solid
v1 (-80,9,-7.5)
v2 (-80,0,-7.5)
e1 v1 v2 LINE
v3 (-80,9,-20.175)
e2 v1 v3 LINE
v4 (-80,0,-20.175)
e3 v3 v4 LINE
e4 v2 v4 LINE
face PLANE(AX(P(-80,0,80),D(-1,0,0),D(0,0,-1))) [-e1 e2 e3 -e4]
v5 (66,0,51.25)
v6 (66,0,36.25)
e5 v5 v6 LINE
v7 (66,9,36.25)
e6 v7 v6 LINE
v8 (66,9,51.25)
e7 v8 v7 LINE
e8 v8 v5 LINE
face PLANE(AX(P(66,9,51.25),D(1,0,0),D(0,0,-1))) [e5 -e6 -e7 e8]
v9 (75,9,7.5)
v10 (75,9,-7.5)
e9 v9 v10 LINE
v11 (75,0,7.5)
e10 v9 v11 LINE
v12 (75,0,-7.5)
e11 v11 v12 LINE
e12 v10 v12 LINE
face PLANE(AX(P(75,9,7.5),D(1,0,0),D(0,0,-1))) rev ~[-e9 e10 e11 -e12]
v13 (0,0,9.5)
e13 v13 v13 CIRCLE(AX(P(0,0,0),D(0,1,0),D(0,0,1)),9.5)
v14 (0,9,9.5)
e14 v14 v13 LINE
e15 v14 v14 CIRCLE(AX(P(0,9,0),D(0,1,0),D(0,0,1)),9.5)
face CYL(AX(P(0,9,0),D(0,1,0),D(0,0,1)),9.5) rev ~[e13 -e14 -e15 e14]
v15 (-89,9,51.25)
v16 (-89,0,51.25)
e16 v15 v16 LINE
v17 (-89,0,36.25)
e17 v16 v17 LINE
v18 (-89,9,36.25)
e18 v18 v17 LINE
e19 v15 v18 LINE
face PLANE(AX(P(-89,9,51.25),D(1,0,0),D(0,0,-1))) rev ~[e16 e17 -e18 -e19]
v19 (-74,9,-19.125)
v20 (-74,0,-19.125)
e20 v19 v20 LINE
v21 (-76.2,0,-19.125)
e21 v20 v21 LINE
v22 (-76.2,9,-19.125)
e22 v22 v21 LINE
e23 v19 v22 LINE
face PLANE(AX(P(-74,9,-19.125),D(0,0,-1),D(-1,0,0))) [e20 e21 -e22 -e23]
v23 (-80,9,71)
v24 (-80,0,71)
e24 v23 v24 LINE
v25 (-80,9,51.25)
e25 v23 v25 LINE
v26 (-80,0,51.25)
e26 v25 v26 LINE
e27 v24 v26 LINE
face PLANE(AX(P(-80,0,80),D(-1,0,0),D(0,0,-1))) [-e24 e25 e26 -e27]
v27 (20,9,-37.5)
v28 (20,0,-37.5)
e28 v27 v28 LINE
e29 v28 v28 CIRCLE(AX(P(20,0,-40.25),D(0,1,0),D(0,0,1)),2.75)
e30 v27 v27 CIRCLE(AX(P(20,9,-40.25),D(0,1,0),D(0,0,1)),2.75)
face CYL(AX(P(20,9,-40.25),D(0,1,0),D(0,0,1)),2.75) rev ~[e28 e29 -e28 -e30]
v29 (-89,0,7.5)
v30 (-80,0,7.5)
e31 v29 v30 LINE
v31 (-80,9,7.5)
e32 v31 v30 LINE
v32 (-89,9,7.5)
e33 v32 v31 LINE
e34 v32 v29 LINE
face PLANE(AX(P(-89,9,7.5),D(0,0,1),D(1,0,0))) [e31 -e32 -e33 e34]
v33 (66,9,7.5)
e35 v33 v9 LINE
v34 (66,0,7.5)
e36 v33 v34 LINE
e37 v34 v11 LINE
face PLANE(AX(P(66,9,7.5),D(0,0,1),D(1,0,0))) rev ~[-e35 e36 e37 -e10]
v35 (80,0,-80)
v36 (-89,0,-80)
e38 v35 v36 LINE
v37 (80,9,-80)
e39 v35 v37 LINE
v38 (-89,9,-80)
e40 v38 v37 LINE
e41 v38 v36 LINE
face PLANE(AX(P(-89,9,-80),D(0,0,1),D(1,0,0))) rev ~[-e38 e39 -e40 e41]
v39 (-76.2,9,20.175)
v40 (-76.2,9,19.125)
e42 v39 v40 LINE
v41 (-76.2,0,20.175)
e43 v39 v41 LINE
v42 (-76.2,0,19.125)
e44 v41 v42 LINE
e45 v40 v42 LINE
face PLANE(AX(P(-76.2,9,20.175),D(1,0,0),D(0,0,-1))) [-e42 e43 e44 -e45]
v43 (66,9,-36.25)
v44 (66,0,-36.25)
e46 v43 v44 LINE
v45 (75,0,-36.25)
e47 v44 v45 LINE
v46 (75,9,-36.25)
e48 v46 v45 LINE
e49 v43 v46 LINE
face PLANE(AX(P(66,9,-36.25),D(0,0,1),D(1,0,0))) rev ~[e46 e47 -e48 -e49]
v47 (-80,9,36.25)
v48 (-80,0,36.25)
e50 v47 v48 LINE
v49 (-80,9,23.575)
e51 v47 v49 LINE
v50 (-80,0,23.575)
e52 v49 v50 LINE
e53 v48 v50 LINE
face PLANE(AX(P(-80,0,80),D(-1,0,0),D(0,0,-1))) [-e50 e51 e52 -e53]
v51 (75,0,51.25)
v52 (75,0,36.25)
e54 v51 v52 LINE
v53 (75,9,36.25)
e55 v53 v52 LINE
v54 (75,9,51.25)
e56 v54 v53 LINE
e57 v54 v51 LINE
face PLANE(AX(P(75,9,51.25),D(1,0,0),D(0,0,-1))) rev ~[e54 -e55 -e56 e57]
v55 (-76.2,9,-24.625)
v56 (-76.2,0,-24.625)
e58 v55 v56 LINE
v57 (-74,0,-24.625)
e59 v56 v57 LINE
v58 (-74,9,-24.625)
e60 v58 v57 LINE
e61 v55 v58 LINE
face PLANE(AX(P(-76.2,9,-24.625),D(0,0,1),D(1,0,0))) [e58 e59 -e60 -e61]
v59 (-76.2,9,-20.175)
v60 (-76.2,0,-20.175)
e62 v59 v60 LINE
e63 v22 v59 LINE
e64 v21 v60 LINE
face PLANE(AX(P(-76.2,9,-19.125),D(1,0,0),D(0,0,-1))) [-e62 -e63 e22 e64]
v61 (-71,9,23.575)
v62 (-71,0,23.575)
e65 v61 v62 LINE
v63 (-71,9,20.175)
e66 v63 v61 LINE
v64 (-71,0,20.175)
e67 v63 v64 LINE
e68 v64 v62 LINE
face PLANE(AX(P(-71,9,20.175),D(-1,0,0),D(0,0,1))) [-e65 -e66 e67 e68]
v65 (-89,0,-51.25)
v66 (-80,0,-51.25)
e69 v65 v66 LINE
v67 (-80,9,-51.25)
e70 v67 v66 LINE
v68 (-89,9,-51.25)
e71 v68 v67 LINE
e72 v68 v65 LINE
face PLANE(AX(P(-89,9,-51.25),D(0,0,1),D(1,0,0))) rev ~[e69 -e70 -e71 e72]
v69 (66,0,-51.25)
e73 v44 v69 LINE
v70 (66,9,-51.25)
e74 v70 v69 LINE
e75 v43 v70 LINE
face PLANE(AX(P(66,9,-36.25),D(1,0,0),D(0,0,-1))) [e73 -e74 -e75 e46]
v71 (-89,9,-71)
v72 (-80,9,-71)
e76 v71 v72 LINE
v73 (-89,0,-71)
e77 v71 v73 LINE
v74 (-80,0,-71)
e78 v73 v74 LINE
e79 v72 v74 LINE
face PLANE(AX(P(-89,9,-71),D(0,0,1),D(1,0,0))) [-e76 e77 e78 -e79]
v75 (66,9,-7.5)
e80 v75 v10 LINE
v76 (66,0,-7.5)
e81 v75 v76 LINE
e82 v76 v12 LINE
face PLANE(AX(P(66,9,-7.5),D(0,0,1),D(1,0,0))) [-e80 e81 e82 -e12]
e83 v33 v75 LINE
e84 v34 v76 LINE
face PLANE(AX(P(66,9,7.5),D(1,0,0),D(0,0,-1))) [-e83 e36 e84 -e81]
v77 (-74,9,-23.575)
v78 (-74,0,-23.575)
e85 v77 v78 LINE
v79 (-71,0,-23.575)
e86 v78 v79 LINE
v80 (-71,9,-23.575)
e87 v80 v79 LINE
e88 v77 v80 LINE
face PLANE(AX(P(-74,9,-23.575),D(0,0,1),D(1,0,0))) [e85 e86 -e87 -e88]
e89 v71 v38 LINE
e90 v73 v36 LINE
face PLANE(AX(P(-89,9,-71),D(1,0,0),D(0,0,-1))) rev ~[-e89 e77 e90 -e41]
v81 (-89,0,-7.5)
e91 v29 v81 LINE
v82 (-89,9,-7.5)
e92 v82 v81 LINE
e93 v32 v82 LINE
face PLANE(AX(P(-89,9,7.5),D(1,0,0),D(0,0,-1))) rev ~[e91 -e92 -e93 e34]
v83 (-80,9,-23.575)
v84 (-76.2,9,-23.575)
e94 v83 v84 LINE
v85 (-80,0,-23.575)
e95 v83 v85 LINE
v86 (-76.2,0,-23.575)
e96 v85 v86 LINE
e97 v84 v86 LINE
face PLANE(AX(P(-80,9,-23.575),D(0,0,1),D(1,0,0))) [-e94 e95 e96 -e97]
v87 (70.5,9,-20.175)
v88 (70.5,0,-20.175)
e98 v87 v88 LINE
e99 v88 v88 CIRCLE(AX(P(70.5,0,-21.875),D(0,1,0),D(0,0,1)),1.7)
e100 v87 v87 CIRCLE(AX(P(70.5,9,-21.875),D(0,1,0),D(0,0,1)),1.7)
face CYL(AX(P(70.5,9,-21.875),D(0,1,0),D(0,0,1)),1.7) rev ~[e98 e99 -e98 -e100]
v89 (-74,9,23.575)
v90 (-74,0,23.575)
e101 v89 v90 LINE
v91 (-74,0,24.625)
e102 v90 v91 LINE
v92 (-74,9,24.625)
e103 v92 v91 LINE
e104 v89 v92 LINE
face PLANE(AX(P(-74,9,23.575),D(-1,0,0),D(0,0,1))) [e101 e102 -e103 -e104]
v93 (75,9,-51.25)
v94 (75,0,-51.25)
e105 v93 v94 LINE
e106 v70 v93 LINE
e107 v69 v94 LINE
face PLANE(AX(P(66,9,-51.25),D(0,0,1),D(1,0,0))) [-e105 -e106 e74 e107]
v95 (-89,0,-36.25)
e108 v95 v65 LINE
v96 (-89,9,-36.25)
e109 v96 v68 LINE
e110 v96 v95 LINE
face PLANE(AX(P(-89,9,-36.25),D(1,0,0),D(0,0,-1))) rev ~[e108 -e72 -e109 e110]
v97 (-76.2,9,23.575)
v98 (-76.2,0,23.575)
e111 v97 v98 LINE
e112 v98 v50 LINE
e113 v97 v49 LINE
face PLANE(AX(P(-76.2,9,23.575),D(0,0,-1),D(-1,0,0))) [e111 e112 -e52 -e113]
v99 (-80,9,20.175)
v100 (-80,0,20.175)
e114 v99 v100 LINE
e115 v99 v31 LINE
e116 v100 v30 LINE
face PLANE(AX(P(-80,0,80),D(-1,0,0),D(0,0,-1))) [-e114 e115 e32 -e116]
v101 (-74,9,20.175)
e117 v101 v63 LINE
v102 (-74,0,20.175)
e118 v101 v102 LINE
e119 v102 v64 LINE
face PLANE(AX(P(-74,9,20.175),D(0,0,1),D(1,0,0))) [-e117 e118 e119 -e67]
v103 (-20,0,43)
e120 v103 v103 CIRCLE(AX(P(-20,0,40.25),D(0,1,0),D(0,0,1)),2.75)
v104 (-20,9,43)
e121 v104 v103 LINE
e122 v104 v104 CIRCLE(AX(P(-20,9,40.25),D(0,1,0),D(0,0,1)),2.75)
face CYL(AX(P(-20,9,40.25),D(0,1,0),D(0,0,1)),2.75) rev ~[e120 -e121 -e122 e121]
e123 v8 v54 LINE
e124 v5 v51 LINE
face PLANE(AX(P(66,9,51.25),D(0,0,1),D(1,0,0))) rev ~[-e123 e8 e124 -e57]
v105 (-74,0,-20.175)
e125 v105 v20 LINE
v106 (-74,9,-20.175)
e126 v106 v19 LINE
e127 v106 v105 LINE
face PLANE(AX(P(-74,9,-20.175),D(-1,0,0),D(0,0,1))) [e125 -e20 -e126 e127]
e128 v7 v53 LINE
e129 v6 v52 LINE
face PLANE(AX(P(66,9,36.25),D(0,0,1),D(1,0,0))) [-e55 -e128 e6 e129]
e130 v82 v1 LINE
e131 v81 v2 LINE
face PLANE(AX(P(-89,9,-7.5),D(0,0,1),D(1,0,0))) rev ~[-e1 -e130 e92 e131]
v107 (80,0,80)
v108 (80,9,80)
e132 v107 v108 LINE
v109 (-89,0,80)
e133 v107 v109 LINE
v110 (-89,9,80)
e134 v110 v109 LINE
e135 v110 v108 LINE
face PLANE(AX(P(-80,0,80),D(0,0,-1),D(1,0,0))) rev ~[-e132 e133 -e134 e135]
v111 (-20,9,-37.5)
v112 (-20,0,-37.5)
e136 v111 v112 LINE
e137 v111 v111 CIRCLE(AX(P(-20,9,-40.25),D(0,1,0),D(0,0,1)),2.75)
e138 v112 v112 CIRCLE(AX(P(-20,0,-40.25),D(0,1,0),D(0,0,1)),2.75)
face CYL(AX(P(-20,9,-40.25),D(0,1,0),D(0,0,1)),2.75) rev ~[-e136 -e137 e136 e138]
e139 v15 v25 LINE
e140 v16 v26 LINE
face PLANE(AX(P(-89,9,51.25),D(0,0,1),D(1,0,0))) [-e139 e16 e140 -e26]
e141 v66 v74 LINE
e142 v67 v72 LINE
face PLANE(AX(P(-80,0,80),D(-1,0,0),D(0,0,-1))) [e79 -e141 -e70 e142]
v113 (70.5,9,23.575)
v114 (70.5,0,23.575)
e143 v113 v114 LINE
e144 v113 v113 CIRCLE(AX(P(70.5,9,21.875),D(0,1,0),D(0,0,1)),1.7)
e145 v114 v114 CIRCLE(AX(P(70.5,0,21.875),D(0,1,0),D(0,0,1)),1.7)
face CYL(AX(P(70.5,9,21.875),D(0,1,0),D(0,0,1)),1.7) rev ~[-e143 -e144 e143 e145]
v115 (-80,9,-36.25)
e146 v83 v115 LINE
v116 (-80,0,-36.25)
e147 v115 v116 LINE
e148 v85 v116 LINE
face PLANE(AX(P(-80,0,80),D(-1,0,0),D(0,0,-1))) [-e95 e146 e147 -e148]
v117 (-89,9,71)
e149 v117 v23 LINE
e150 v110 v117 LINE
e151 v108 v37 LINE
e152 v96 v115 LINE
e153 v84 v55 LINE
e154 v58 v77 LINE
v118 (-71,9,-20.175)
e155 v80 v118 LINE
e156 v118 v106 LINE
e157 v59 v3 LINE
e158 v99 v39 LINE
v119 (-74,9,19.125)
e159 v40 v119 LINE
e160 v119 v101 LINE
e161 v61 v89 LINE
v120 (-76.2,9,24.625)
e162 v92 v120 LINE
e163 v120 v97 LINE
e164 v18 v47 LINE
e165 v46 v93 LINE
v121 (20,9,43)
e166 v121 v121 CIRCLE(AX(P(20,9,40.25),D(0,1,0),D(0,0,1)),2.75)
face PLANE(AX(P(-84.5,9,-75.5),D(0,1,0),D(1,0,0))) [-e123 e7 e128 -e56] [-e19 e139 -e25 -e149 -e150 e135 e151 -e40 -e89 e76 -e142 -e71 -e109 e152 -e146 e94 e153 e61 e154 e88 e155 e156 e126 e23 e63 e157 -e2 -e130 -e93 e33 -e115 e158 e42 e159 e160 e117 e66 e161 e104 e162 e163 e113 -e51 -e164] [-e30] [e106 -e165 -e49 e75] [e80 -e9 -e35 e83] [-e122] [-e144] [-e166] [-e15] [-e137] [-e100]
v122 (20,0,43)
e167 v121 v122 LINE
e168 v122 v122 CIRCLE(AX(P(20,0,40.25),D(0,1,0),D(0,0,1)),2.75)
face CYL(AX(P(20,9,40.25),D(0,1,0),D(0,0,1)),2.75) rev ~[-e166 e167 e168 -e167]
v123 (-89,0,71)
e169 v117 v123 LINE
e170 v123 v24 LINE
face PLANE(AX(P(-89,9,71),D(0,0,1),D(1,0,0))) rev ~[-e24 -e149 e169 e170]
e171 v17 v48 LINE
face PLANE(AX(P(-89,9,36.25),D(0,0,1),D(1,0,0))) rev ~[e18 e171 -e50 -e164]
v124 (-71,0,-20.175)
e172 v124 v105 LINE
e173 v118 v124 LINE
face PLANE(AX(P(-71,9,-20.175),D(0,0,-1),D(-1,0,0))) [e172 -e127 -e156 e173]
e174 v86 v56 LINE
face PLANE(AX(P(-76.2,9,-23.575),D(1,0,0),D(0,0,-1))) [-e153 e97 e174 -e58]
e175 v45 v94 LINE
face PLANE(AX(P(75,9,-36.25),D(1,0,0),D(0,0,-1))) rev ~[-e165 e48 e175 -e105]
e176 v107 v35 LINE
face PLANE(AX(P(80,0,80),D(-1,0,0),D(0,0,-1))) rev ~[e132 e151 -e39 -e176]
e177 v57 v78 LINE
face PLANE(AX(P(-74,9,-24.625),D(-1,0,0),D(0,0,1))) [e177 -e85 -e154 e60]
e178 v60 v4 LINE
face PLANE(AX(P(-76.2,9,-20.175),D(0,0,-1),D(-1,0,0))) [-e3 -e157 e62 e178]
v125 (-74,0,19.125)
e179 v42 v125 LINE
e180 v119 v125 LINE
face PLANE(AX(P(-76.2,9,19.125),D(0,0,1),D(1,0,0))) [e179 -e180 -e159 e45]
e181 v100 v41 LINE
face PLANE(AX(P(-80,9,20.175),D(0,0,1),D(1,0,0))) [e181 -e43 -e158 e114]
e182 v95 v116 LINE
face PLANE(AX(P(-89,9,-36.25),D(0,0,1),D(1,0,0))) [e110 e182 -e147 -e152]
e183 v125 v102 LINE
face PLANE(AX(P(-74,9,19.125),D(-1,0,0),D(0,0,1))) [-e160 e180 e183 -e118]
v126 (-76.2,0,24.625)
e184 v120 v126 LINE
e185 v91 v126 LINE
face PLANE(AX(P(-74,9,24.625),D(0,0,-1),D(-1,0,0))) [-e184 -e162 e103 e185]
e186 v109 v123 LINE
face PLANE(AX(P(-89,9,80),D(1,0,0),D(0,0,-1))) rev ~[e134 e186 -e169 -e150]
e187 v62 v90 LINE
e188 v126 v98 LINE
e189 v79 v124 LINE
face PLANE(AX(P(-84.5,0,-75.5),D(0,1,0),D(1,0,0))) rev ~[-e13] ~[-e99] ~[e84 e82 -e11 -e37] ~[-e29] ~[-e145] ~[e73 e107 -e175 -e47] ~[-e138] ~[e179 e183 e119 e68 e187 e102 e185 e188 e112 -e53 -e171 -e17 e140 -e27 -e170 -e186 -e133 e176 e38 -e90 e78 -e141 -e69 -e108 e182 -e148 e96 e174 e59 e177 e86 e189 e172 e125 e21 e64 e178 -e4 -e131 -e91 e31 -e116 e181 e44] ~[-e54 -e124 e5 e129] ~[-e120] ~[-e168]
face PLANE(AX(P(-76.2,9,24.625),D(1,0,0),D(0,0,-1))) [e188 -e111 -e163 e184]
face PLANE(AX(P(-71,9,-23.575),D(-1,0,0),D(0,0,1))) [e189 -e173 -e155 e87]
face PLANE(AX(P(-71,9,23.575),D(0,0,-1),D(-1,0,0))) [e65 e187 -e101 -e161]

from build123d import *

# Parameters (mm, degrees)
SKETCH1_W           = 160
SKETCH1_H           = 160
BOSS_EXTRUDE1_DEPTH = 9
SKETCH2_W           = 9
SKETCH2_H           = 15
SKETCH2_H_2         = 9
BOSS_EXTRUDE2_DEPTH = 9
SKETCH3_R           = 1.7
SKETCH3_W           = 9
SKETCH3_H           = 15
CUT_EXTRUDE1_DEPTH  = 121.008333044
CUT_EXTRUDE2_DEPTH  = 121.008333044
SKETCH5_R           = 9.5
SKETCH5_R_2         = 2.75
CUT_EXTRUDE3_DEPTH  = 121.008333044


with BuildPart() as part:
    # Sketch1 → Boss-Extrude1 (new body)
    with BuildSketch(Plane(origin=(0, 0, 0), x_dir=(1, 0, 0), z_dir=(0, 1, 0))):
        Rectangle(SKETCH1_W, SKETCH1_H)
    extrude(amount=BOSS_EXTRUDE1_DEPTH)

    # Sketch2 → Boss-Extrude2 (add)
    with BuildSketch(Plane(origin=(0, 9, 0), x_dir=(1, 0, 0), z_dir=(0, 1, 0))):
        with Locations((-84.5, 0)):
            Rectangle(SKETCH2_W, SKETCH2_H)
        with Locations((-84.5, 43.75)):
            Rectangle(SKETCH2_W, SKETCH2_H)
        with Locations((-84.5, -43.75)):
            Rectangle(SKETCH2_W, SKETCH2_H)
        with Locations((-84.5, 75.5)):
            Rectangle(SKETCH2_W, SKETCH2_H_2)
        with Locations((-84.5, -75.5)):
            Rectangle(SKETCH2_W, SKETCH2_H_2)
    extrude(amount=-BOSS_EXTRUDE2_DEPTH)

    # Sketch3 → Cut-Extrude1 (cut, through all)
    with BuildSketch(Plane(origin=(0, 9, 0), x_dir=(1, 0, 0), z_dir=(0, 1, 0))):
        with Locations(Location((70.5, 21.875, 0), (0, 0, 270))):
            Circle(SKETCH3_R)
        with Locations(Location((70.5, -21.875, 0), (0, 0, 270))):
            Circle(SKETCH3_R)
        with Locations((70.5, 43.75)):
            Rectangle(SKETCH3_W, SKETCH3_H)
        with Locations((70.5, 0)):
            Rectangle(SKETCH3_W, SKETCH3_H)
        with Locations((70.5, -43.75)):
            Rectangle(SKETCH3_W, SKETCH3_H)
    extrude(amount=-CUT_EXTRUDE1_DEPTH, mode=Mode.SUBTRACT)

    # Sketch4 → Cut-Extrude2 (cut, through all)
    with BuildSketch(Plane(origin=(0, 9, 0), x_dir=(1, 0, 0), z_dir=(0, 1, 0))):
        Polygon((-80, 23.575), (-76.2, 23.575), (-76.2, 24.625), (-74, 24.625), (-74, 23.575), (-71, 23.575), (-71, 20.175), (-74, 20.175), (-74, 19.125), (-76.2, 19.125), (-76.2, 20.175), (-80, 20.175), align=None)
        Polygon((-80, -23.575), (-80, -20.175), (-76.2, -20.175), (-76.2, -19.125), (-74, -19.125), (-74, -20.175), (-71, -20.175), (-71, -23.575), (-74, -23.575), (-74, -24.625), (-76.2, -24.625), (-76.2, -23.575), align=None)
    extrude(amount=-CUT_EXTRUDE2_DEPTH, mode=Mode.SUBTRACT)

    # Sketch5 → Cut-Extrude3 (cut, through all)
    with BuildSketch(Plane(origin=(0, 9, 0), x_dir=(1, 0, 0), z_dir=(0, 1, 0))):
        with Locations(Location((0, 0, 0), (0, 0, 270))):
            Circle(SKETCH5_R)
        with Locations(Location((-20, 40.25, 0), (0, 0, 270))):
            Circle(SKETCH5_R_2)
        with Locations(Location((20, 40.25, 0), (0, 0, 270))):
            Circle(SKETCH5_R_2)
        with Locations(Location((20, -40.25, 0), (0, 0, 270))):
            Circle(SKETCH5_R_2)
        with Locations(Location((-20, -40.25, 0), (0, 0, 270))):
            Circle(SKETCH5_R_2)
    extrude(amount=-CUT_EXTRUDE3_DEPTH, mode=Mode.SUBTRACT)


solid = part.part
